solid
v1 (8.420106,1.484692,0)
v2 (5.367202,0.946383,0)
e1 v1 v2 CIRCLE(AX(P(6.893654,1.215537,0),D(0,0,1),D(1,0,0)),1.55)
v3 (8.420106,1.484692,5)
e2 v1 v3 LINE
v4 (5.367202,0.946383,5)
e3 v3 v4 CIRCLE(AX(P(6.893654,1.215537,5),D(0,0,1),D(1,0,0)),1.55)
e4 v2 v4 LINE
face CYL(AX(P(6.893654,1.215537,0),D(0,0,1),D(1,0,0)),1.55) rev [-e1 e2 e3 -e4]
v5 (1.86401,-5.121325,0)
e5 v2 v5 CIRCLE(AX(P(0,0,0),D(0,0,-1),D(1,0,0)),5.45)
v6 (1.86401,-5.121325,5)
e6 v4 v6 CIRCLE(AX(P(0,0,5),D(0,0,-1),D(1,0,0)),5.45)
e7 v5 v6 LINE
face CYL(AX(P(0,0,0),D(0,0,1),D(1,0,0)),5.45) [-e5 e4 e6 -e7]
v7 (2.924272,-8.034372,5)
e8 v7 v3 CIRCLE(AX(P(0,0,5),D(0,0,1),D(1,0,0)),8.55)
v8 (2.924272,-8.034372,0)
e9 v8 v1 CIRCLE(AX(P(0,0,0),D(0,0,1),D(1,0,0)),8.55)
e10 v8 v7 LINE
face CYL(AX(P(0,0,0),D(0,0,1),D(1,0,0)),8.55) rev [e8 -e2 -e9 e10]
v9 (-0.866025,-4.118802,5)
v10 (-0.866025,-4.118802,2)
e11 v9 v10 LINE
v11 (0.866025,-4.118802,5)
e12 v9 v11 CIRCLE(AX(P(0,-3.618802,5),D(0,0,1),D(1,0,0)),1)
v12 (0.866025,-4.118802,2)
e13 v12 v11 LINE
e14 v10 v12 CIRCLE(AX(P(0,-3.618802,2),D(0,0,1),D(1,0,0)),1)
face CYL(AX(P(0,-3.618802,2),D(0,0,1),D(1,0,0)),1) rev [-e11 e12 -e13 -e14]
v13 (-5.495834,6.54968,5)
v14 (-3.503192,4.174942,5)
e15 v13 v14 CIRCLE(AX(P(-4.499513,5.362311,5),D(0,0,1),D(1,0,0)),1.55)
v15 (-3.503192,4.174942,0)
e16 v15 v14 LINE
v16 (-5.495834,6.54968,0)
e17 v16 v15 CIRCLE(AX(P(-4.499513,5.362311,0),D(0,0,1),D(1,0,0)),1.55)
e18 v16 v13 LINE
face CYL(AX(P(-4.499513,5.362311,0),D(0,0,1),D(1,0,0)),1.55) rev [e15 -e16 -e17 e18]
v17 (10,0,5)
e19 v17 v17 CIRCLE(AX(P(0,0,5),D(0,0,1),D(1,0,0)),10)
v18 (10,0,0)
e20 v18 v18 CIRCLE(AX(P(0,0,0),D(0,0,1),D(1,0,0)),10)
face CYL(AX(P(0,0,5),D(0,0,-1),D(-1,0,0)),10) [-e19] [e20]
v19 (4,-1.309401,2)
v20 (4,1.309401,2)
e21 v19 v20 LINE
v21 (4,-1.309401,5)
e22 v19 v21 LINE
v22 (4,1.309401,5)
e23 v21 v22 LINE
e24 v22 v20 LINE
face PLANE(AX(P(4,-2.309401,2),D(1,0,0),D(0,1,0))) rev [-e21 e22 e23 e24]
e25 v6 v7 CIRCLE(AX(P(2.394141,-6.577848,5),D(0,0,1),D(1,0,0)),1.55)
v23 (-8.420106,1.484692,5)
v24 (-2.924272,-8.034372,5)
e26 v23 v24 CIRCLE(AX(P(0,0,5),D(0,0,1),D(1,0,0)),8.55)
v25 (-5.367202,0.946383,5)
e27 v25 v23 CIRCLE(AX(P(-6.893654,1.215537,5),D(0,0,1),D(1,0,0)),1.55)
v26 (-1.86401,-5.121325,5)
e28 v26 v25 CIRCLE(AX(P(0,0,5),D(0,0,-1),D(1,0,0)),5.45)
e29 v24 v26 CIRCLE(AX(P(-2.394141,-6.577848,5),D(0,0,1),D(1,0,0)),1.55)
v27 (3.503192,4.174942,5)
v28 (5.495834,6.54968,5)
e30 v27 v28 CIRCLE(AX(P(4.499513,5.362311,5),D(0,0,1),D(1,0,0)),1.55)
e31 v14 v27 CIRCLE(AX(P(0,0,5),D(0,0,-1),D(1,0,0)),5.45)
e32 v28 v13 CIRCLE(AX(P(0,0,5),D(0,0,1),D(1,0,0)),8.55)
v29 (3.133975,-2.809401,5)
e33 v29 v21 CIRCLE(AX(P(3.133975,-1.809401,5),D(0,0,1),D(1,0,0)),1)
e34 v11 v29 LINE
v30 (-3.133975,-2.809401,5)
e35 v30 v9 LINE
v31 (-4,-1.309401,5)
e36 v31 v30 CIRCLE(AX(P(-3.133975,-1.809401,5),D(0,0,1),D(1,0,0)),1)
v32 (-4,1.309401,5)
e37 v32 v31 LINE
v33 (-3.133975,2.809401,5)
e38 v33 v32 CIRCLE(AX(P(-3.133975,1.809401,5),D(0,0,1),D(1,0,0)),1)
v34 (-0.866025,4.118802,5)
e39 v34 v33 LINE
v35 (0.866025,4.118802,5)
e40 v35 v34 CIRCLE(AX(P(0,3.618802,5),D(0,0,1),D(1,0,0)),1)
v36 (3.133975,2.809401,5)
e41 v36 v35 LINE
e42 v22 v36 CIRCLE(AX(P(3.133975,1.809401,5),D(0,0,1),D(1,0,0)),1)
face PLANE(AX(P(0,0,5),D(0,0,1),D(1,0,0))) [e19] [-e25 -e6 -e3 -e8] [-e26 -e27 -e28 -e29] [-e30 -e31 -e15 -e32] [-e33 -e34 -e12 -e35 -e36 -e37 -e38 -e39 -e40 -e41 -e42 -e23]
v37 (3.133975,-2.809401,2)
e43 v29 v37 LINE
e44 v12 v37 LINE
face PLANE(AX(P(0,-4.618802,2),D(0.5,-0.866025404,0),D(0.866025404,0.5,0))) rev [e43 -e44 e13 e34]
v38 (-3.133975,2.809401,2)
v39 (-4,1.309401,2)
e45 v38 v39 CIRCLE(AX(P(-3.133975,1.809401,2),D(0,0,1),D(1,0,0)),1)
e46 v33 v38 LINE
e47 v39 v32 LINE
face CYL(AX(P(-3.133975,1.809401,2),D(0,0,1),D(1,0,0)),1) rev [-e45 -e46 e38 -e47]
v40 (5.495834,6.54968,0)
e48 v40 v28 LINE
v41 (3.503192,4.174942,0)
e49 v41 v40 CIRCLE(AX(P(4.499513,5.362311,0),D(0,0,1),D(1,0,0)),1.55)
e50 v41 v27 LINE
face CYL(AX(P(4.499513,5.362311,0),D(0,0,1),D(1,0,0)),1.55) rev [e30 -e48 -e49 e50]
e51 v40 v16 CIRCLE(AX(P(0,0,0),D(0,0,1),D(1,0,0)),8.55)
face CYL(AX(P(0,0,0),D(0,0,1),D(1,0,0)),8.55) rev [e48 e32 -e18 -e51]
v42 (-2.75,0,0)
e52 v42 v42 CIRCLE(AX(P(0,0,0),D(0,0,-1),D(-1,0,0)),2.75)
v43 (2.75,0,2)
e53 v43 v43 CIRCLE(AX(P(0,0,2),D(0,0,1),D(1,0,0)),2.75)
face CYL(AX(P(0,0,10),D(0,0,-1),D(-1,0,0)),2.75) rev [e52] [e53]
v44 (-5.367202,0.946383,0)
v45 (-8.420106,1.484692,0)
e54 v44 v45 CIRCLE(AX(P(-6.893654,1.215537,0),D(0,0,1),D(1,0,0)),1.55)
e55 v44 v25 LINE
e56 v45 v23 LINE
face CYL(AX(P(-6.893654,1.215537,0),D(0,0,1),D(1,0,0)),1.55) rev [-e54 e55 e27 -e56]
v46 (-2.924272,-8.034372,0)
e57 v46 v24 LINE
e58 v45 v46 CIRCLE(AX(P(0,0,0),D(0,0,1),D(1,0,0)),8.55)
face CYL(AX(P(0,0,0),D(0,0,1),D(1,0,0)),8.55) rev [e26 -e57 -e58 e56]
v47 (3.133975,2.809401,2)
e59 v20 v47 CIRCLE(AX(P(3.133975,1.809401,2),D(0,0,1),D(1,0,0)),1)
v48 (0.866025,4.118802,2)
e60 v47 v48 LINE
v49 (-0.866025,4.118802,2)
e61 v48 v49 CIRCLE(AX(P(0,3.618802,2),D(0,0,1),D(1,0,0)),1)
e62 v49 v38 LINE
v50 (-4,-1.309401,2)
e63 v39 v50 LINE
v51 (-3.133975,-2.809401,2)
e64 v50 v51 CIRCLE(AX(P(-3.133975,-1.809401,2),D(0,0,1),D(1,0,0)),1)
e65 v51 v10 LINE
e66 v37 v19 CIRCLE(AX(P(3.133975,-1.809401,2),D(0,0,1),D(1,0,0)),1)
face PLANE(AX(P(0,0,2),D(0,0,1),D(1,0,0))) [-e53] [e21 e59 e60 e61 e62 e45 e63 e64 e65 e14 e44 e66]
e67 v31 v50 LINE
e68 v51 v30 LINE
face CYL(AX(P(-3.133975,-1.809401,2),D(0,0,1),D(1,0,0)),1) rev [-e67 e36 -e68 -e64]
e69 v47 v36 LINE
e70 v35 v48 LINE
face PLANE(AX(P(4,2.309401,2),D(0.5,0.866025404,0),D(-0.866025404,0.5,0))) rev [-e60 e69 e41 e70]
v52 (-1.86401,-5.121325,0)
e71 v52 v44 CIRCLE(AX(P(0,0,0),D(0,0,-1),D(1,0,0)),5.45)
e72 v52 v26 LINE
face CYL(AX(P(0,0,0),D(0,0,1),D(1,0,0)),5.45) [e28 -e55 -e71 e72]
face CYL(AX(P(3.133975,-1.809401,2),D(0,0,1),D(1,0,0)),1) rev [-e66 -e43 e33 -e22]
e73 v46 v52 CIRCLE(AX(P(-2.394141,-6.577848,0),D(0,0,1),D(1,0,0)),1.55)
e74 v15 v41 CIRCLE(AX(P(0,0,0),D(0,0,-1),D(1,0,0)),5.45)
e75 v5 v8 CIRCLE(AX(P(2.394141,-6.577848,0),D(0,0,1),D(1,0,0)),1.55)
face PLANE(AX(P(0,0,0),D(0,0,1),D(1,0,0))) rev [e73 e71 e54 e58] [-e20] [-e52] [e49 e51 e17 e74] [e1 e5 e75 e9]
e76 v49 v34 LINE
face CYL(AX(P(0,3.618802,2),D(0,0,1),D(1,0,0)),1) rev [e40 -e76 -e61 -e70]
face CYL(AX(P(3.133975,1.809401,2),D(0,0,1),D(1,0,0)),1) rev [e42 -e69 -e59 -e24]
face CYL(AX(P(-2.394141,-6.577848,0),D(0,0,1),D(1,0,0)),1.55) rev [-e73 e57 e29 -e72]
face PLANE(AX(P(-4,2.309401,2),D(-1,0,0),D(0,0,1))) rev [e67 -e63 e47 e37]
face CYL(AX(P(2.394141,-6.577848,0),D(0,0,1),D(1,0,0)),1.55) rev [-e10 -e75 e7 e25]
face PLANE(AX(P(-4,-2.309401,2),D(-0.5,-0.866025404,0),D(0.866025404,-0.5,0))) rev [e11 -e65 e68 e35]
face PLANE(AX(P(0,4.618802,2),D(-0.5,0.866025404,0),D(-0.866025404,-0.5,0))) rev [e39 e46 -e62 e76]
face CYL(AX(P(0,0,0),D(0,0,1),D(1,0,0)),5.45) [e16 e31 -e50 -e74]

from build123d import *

# Parameters (mm, degrees)
SKETCH_1_R          = 10
EXTRUDE_1_DEPTH     = 5
CUT_EXTRUDE_1_DEPTH = 3
SKETCH_4_R          = 1
CUT_EXTRUDE_3_DEPTH = 3
CUT_EXTRUDE_2_DEPTH = 5
SKETCH_5_R          = 2.75
CUT_EXTRUDE_4_DEPTH = 10


with BuildPart() as part:
    # 스케치1 → 보스-돌출1 (new body)
    with BuildSketch(Plane.XY):
        Circle(SKETCH_1_R)
    extrude(amount=EXTRUDE_1_DEPTH)

    # 스케치2 → 컷-돌출1 (cut)
    with BuildSketch(Plane.XY.offset(5)):
        Polygon((0, 4.618802154), (-4, 2.309401077), (-4, -2.309401077), (0, -4.618802154), (4, -2.309401077), (4, 2.309401077), align=None)
    extrude(amount=-CUT_EXTRUDE_1_DEPTH, mode=Mode.SUBTRACT)

    # 스케치4 → 컷-돌출3 (cut)
    with BuildSketch(Plane.XY.offset(5)):
        with Locations((0, 3.618802154)):
            Circle(SKETCH_4_R)
        with Locations((3.133974596, 1.809401077)):
            Circle(SKETCH_4_R)
        with Locations((3.133974596, -1.809401077)):
            Circle(SKETCH_4_R)
        with Locations((0, -3.618802154)):
            Circle(SKETCH_4_R)
        with Locations((-3.133974596, -1.809401077)):
            Circle(SKETCH_4_R)
        with Locations((-3.133974596, 1.809401077)):
            Circle(SKETCH_4_R)
    extrude(amount=-CUT_EXTRUDE_3_DEPTH, mode=Mode.SUBTRACT)

    # 스케치3 → 컷-돌출2 (cut)
    with BuildSketch(Plane.XY.offset(5)):
        with BuildLine():
            ThreePointArc((5.495834063, 6.549679989), (0, 8.55), (-5.495834063, 6.549679989))
            ThreePointArc((-5.495834063, 6.549679989), (-5.686882155, 4.365990307), (-3.503192473, 4.174942215))
            ThreePointArc((-3.503192473, 4.174942215), (0, 5.45), (3.503192473, 4.174942215))
            ThreePointArc((3.503192473, 4.174942215), (5.686882155, 4.365990307), (5.495834063, 6.549679989))
        make_face()
        with BuildLine():
            ThreePointArc((2.924272225, -8.034371908), (7.404517202, -4.275), (8.420106288, 1.484691919))
            ThreePointArc((8.420106288, 1.484691919), (6.624499596, 2.741989261), (5.367202254, 0.946382568))
            ThreePointArc((5.367202254, 0.946382568), (4.719838451, -2.725), (1.864009781, -5.121324783))
            ThreePointArc((1.864009781, -5.121324783), (0.937617441, -7.107979568), (2.924272225, -8.034371908))
        make_face()
        with BuildLine():
            ThreePointArc((-8.420106288, 1.484691919), (-7.404517202, -4.275), (-2.924272225, -8.034371908))
            ThreePointArc((-2.924272225, -8.034371908), (-0.937617441, -7.107979568), (-1.864009781, -5.121324783))
            ThreePointArc((-1.864009781, -5.121324783), (-4.719838451, -2.725), (-5.367202254, 0.946382568))
            ThreePointArc((-5.367202254, 0.946382568), (-6.624499596, 2.741989261), (-8.420106288, 1.484691919))
        make_face()
    extrude(amount=-CUT_EXTRUDE_2_DEPTH, mode=Mode.SUBTRACT)

    # 스케치5 → 컷-돌출4 (cut)
    with BuildSketch(Plane(origin=(0, 0, 0), x_dir=(-1, 0, 0), z_dir=(0, 0, -1))):
        Circle(SKETCH_5_R)
    extrude(amount=-CUT_EXTRUDE_4_DEPTH, mode=Mode.SUBTRACT)


solid = part.part
